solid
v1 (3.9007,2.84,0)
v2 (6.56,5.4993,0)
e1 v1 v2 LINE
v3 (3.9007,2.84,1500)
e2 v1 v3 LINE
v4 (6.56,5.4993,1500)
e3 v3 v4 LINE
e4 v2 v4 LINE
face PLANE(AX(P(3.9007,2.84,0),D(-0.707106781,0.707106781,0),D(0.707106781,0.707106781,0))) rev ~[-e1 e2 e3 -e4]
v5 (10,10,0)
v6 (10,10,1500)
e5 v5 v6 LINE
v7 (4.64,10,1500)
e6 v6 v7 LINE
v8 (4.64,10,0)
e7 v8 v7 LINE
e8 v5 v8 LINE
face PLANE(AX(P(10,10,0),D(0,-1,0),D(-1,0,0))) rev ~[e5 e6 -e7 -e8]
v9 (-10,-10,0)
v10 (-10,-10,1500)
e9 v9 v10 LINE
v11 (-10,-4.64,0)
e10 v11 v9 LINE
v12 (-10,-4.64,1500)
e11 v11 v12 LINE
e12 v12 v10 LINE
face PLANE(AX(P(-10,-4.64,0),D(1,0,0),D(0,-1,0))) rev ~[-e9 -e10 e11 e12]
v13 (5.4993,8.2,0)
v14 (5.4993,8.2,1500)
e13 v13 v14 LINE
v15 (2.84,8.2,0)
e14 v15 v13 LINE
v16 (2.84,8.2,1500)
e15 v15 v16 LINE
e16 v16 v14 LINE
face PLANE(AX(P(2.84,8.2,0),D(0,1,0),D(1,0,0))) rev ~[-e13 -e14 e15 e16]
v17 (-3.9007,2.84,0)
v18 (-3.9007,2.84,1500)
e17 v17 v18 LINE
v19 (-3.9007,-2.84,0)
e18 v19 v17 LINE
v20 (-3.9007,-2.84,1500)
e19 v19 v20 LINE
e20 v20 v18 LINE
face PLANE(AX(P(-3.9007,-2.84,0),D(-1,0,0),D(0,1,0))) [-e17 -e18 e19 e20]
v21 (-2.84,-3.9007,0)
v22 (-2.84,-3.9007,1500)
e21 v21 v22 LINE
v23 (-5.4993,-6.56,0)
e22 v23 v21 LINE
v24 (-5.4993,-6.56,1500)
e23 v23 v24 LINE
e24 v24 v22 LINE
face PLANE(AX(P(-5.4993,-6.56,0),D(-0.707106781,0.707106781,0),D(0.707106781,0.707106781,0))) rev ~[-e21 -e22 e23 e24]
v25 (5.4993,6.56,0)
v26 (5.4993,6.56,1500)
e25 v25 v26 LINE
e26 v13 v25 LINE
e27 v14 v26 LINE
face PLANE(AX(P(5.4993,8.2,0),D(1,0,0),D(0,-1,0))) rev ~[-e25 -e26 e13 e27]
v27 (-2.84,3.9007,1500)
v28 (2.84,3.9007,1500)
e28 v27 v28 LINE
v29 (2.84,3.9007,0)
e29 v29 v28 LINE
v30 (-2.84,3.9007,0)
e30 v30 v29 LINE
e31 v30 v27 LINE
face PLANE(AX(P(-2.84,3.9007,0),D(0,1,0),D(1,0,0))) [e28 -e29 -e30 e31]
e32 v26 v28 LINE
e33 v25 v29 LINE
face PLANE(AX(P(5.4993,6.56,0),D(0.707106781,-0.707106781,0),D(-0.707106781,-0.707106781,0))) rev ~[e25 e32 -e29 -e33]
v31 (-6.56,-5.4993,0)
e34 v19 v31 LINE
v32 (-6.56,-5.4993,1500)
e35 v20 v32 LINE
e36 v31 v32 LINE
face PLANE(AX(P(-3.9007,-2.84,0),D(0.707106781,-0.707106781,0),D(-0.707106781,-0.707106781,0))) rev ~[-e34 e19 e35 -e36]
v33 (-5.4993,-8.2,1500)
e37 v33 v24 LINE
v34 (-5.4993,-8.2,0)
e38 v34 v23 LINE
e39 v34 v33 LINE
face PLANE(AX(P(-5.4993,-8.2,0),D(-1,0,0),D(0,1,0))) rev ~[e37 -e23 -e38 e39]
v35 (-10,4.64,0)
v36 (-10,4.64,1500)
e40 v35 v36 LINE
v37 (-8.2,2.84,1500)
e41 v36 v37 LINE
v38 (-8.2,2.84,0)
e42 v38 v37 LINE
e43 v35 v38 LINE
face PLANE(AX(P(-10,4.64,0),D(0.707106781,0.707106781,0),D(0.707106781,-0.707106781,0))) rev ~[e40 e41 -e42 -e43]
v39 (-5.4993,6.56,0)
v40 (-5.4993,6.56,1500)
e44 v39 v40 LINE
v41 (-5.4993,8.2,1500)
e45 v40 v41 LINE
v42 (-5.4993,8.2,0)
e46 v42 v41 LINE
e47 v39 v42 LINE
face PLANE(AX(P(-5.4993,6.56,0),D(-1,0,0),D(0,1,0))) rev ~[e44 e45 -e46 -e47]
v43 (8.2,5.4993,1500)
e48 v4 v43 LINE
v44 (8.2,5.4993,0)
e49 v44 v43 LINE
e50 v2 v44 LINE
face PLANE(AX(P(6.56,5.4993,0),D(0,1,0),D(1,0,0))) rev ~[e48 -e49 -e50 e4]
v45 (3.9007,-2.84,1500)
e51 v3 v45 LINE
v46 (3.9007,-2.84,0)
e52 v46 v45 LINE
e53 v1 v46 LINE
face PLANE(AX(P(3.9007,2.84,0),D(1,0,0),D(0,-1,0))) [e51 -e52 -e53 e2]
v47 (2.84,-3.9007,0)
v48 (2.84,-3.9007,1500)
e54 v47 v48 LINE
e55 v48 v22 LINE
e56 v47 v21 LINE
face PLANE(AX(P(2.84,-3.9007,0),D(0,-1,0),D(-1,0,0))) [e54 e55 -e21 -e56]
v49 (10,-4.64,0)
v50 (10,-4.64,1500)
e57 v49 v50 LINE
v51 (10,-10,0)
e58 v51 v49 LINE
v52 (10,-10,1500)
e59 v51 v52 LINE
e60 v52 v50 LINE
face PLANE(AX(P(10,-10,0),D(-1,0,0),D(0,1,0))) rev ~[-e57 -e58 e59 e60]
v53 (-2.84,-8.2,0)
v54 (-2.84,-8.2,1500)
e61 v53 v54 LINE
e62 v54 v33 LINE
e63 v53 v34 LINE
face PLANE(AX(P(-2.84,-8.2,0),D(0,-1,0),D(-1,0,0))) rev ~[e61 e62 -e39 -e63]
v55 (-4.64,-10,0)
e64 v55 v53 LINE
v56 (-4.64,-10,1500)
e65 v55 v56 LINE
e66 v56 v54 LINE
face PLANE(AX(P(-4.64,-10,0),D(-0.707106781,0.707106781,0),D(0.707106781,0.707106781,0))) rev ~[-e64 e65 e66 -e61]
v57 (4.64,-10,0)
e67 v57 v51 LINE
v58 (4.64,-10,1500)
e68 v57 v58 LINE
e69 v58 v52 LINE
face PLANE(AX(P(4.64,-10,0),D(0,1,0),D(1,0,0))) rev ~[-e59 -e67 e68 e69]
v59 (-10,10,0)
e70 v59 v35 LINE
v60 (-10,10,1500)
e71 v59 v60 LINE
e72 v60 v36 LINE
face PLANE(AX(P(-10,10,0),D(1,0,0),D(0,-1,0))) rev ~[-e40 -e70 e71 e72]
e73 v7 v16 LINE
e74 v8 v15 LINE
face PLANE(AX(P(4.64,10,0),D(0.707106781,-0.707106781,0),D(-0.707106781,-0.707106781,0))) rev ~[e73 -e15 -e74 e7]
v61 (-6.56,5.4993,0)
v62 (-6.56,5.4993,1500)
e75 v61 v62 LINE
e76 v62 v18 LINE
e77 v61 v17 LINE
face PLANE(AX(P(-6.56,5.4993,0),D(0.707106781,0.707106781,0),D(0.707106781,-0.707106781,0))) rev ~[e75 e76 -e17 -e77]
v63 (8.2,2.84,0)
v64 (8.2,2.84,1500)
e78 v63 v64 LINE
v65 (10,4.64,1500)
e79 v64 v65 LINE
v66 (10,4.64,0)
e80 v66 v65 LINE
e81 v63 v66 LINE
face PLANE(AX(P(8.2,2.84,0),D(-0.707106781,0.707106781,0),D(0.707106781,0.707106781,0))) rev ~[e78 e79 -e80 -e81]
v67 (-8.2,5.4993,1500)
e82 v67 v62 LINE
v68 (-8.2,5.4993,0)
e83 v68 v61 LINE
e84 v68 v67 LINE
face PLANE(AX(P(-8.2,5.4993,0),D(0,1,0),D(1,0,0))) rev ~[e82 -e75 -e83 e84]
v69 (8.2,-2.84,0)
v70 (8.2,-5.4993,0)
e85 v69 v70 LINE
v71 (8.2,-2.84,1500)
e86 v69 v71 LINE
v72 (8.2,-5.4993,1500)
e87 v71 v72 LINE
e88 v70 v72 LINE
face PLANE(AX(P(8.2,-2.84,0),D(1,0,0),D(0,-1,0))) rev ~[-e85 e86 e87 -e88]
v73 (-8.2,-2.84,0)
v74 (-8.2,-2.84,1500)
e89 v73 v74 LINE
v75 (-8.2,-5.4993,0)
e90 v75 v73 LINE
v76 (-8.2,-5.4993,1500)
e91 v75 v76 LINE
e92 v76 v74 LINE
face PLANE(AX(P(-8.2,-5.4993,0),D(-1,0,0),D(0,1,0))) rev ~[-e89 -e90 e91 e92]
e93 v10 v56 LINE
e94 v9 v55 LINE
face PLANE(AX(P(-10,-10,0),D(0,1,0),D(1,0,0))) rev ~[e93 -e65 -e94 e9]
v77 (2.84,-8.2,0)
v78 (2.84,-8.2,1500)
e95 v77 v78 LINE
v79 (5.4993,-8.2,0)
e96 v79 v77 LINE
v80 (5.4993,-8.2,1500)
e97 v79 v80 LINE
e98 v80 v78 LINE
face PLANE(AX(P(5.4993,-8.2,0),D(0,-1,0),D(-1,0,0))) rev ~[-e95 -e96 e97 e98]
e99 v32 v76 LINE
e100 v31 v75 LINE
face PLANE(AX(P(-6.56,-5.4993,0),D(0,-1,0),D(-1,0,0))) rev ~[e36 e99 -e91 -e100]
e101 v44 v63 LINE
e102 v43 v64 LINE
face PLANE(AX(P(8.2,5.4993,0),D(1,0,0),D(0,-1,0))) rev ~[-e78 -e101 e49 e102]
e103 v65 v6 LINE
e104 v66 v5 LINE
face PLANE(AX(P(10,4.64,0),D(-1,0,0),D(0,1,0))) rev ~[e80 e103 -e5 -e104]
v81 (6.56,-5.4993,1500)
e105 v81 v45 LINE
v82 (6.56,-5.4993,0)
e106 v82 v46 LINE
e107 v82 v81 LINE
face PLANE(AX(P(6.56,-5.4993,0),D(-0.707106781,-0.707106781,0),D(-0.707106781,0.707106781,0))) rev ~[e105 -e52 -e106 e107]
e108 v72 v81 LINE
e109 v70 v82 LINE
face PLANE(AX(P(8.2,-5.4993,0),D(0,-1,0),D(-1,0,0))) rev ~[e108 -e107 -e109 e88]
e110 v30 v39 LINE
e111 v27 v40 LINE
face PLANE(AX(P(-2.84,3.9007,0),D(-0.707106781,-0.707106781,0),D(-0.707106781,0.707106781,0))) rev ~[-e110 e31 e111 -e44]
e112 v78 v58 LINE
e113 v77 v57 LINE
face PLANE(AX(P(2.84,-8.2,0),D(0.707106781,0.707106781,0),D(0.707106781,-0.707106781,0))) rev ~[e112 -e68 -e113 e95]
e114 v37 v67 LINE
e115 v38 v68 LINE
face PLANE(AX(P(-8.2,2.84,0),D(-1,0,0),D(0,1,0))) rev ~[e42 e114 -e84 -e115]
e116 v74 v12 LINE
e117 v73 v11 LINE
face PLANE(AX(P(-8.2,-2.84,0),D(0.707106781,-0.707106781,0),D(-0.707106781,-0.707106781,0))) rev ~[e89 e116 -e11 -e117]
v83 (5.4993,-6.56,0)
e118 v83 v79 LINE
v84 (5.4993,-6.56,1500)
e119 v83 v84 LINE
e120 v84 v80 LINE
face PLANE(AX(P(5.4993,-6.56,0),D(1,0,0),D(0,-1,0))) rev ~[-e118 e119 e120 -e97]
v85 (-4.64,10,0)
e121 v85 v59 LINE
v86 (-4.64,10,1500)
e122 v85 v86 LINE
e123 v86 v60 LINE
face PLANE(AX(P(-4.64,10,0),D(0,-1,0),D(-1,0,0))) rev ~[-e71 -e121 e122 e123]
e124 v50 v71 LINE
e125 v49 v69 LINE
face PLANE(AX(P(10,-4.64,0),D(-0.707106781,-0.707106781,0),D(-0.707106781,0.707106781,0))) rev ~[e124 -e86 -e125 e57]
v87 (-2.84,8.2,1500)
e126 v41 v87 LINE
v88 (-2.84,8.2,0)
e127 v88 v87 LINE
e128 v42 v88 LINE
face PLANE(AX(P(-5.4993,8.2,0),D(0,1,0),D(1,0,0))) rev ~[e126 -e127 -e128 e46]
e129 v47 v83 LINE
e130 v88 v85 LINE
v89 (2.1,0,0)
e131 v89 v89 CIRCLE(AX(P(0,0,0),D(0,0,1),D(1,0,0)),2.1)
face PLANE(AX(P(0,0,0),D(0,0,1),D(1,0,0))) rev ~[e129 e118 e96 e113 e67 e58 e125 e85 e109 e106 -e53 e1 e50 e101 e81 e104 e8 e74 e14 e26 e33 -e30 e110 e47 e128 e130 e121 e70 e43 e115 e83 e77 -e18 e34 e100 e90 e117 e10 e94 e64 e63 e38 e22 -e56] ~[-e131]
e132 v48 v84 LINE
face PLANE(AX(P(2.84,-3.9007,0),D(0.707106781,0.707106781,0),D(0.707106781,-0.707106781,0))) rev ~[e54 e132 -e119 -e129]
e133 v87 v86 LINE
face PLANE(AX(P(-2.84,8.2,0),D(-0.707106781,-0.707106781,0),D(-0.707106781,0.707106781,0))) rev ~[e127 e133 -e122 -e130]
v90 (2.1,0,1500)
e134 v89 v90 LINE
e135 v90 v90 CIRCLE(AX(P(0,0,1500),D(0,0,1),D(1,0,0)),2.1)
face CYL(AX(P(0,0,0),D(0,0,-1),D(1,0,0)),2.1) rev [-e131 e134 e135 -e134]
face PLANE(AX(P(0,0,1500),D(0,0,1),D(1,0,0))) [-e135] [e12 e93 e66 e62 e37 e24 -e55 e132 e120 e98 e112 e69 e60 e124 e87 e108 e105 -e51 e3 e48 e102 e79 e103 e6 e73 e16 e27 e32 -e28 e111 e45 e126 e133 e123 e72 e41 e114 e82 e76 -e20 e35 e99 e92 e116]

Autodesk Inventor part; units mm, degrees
ref_plane "YZ Plane" through (0, 0, 0) normal (1, 0, 0) x (0, 1, 0)
ref_plane "XZ Plane" through (0, 0, 0) normal (0, 1, 0) x (-1, 0, 0)
ref_plane "XY Plane" through (0, 0, 0) normal (0, 0, 1) x (1, 0, 0)
sketch "Sketch1" plane through (0, 0, 0) normal (0, 0, 1) x (1, 0, 0)
  line L0 (-3.9007, 3.9007) -> (3.9007, 3.9007)
  line L1 (3.9007, 3.9007) -> (3.9007, -3.9007)
  line L2 (3.9007, -3.9007) -> (-3.9007, -3.9007)
  line L3 (-3.9007, -3.9007) -> (-3.9007, 3.9007)
  line L4 (0, 3.9007) -> (0, -3.9007) construction
  line L5 (-3.9007, 0) -> (3.9007, 0) construction
  circle A0 centre (0, 0) radius 2.1
  line L6 (0, 0) -> (-16.1173, 16.1173) construction
  line L7 (0, 0) -> (22.7933, 0) construction
  line L8 (-2.84, 3.9007) -> (-5.4993, 6.56)
  line L9 (-5.4993, 6.56) -> (-5.4993, 8.2)
  line L10 (-5.4993, 8.2) -> (-2.84, 8.2)
  line L11 (-2.84, 8.2) -> (-4.64, 10)
  line L12 (-4.64, 10) -> (-10, 10)
  line L13 (-10, 10) -> (-10, 4.64)
  line L14 (-10, 4.64) -> (-8.2, 2.84)
  line L15 (-8.2, 2.84) -> (-8.2, 5.4993)
  line L16 (-8.2, 5.4993) -> (-6.56, 5.4993)
  line L17 (-6.56, 5.4993) -> (-3.9007, 2.84)
  line L18 (-3.9007, 2.84) -> (-11.3102, 2.84) construction
  line L19 (-2.84, 3.9007) -> (-3.9007, 3.9007)
  line L20 (-3.9007, 2.84) -> (-3.9007, 3.9007)
  line L21 (-3.9007, -2.84) -> (-6.56, -5.4993)
  line L22 (-6.56, -5.4993) -> (-8.2, -5.4993)
  line L23 (-8.2, -5.4993) -> (-8.2, -2.84)
  line L24 (-8.2, -2.84) -> (-10, -4.64)
  line L25 (-10, -4.64) -> (-10, -10)
  line L26 (-10, -10) -> (-4.64, -10)
  line L27 (-4.64, -10) -> (-2.84, -8.2)
  line L28 (-2.84, -8.2) -> (-5.4993, -8.2)
  line L29 (-5.4993, -8.2) -> (-5.4993, -6.56)
  line L30 (-5.4993, -6.56) -> (-2.84, -3.9007)
  line L31 (-3.9007, -2.84) -> (-3.9007, -3.9007)
  line L32 (-2.84, -3.9007) -> (-3.9007, -3.9007)
  line L33 (2.84, -3.9007) -> (5.4993, -6.56)
  line L34 (5.4993, -6.56) -> (5.4993, -8.2)
  line L35 (5.4993, -8.2) -> (2.84, -8.2)
  line L36 (2.84, -8.2) -> (4.64, -10)
  line L37 (4.64, -10) -> (10, -10)
  line L38 (10, -10) -> (10, -4.64)
  line L39 (10, -4.64) -> (8.2, -2.84)
  line L40 (8.2, -2.84) -> (8.2, -5.4993)
  line L41 (8.2, -5.4993) -> (6.56, -5.4993)
  line L42 (6.56, -5.4993) -> (3.9007, -2.84)
  line L43 (2.84, -3.9007) -> (3.9007, -3.9007)
  line L44 (3.9007, -2.84) -> (3.9007, -3.9007)
  line L45 (3.9007, 2.84) -> (6.56, 5.4993)
  line L46 (6.56, 5.4993) -> (8.2, 5.4993)
  line L47 (8.2, 5.4993) -> (8.2, 2.84)
  line L48 (8.2, 2.84) -> (10, 4.64)
  line L49 (10, 4.64) -> (10, 10)
  line L50 (10, 10) -> (4.64, 10)
  line L51 (4.64, 10) -> (2.84, 8.2)
  line L52 (2.84, 8.2) -> (5.4993, 8.2)
  line L53 (5.4993, 8.2) -> (5.4993, 6.56)
  line L54 (5.4993, 6.56) -> (2.84, 3.9007)
  line L55 (3.9007, 2.84) -> (3.9007, 3.9007)
  line L56 (2.84, 3.9007) -> (3.9007, 3.9007)
  dimension "d7" = 4.2
  dimension "d8" = 135
  dimension "d9" = 1.5
  dimension "d10" = 1.64
  dimension "d11" = 1.8
  dimension "d12" = 2.84
  dimension "d13" = 10
  dimension "d16" = 360
extrude "Extrusion1" add sketch "Sketch1" along normal blind 1500
properties part number "20x20x1500mm"
